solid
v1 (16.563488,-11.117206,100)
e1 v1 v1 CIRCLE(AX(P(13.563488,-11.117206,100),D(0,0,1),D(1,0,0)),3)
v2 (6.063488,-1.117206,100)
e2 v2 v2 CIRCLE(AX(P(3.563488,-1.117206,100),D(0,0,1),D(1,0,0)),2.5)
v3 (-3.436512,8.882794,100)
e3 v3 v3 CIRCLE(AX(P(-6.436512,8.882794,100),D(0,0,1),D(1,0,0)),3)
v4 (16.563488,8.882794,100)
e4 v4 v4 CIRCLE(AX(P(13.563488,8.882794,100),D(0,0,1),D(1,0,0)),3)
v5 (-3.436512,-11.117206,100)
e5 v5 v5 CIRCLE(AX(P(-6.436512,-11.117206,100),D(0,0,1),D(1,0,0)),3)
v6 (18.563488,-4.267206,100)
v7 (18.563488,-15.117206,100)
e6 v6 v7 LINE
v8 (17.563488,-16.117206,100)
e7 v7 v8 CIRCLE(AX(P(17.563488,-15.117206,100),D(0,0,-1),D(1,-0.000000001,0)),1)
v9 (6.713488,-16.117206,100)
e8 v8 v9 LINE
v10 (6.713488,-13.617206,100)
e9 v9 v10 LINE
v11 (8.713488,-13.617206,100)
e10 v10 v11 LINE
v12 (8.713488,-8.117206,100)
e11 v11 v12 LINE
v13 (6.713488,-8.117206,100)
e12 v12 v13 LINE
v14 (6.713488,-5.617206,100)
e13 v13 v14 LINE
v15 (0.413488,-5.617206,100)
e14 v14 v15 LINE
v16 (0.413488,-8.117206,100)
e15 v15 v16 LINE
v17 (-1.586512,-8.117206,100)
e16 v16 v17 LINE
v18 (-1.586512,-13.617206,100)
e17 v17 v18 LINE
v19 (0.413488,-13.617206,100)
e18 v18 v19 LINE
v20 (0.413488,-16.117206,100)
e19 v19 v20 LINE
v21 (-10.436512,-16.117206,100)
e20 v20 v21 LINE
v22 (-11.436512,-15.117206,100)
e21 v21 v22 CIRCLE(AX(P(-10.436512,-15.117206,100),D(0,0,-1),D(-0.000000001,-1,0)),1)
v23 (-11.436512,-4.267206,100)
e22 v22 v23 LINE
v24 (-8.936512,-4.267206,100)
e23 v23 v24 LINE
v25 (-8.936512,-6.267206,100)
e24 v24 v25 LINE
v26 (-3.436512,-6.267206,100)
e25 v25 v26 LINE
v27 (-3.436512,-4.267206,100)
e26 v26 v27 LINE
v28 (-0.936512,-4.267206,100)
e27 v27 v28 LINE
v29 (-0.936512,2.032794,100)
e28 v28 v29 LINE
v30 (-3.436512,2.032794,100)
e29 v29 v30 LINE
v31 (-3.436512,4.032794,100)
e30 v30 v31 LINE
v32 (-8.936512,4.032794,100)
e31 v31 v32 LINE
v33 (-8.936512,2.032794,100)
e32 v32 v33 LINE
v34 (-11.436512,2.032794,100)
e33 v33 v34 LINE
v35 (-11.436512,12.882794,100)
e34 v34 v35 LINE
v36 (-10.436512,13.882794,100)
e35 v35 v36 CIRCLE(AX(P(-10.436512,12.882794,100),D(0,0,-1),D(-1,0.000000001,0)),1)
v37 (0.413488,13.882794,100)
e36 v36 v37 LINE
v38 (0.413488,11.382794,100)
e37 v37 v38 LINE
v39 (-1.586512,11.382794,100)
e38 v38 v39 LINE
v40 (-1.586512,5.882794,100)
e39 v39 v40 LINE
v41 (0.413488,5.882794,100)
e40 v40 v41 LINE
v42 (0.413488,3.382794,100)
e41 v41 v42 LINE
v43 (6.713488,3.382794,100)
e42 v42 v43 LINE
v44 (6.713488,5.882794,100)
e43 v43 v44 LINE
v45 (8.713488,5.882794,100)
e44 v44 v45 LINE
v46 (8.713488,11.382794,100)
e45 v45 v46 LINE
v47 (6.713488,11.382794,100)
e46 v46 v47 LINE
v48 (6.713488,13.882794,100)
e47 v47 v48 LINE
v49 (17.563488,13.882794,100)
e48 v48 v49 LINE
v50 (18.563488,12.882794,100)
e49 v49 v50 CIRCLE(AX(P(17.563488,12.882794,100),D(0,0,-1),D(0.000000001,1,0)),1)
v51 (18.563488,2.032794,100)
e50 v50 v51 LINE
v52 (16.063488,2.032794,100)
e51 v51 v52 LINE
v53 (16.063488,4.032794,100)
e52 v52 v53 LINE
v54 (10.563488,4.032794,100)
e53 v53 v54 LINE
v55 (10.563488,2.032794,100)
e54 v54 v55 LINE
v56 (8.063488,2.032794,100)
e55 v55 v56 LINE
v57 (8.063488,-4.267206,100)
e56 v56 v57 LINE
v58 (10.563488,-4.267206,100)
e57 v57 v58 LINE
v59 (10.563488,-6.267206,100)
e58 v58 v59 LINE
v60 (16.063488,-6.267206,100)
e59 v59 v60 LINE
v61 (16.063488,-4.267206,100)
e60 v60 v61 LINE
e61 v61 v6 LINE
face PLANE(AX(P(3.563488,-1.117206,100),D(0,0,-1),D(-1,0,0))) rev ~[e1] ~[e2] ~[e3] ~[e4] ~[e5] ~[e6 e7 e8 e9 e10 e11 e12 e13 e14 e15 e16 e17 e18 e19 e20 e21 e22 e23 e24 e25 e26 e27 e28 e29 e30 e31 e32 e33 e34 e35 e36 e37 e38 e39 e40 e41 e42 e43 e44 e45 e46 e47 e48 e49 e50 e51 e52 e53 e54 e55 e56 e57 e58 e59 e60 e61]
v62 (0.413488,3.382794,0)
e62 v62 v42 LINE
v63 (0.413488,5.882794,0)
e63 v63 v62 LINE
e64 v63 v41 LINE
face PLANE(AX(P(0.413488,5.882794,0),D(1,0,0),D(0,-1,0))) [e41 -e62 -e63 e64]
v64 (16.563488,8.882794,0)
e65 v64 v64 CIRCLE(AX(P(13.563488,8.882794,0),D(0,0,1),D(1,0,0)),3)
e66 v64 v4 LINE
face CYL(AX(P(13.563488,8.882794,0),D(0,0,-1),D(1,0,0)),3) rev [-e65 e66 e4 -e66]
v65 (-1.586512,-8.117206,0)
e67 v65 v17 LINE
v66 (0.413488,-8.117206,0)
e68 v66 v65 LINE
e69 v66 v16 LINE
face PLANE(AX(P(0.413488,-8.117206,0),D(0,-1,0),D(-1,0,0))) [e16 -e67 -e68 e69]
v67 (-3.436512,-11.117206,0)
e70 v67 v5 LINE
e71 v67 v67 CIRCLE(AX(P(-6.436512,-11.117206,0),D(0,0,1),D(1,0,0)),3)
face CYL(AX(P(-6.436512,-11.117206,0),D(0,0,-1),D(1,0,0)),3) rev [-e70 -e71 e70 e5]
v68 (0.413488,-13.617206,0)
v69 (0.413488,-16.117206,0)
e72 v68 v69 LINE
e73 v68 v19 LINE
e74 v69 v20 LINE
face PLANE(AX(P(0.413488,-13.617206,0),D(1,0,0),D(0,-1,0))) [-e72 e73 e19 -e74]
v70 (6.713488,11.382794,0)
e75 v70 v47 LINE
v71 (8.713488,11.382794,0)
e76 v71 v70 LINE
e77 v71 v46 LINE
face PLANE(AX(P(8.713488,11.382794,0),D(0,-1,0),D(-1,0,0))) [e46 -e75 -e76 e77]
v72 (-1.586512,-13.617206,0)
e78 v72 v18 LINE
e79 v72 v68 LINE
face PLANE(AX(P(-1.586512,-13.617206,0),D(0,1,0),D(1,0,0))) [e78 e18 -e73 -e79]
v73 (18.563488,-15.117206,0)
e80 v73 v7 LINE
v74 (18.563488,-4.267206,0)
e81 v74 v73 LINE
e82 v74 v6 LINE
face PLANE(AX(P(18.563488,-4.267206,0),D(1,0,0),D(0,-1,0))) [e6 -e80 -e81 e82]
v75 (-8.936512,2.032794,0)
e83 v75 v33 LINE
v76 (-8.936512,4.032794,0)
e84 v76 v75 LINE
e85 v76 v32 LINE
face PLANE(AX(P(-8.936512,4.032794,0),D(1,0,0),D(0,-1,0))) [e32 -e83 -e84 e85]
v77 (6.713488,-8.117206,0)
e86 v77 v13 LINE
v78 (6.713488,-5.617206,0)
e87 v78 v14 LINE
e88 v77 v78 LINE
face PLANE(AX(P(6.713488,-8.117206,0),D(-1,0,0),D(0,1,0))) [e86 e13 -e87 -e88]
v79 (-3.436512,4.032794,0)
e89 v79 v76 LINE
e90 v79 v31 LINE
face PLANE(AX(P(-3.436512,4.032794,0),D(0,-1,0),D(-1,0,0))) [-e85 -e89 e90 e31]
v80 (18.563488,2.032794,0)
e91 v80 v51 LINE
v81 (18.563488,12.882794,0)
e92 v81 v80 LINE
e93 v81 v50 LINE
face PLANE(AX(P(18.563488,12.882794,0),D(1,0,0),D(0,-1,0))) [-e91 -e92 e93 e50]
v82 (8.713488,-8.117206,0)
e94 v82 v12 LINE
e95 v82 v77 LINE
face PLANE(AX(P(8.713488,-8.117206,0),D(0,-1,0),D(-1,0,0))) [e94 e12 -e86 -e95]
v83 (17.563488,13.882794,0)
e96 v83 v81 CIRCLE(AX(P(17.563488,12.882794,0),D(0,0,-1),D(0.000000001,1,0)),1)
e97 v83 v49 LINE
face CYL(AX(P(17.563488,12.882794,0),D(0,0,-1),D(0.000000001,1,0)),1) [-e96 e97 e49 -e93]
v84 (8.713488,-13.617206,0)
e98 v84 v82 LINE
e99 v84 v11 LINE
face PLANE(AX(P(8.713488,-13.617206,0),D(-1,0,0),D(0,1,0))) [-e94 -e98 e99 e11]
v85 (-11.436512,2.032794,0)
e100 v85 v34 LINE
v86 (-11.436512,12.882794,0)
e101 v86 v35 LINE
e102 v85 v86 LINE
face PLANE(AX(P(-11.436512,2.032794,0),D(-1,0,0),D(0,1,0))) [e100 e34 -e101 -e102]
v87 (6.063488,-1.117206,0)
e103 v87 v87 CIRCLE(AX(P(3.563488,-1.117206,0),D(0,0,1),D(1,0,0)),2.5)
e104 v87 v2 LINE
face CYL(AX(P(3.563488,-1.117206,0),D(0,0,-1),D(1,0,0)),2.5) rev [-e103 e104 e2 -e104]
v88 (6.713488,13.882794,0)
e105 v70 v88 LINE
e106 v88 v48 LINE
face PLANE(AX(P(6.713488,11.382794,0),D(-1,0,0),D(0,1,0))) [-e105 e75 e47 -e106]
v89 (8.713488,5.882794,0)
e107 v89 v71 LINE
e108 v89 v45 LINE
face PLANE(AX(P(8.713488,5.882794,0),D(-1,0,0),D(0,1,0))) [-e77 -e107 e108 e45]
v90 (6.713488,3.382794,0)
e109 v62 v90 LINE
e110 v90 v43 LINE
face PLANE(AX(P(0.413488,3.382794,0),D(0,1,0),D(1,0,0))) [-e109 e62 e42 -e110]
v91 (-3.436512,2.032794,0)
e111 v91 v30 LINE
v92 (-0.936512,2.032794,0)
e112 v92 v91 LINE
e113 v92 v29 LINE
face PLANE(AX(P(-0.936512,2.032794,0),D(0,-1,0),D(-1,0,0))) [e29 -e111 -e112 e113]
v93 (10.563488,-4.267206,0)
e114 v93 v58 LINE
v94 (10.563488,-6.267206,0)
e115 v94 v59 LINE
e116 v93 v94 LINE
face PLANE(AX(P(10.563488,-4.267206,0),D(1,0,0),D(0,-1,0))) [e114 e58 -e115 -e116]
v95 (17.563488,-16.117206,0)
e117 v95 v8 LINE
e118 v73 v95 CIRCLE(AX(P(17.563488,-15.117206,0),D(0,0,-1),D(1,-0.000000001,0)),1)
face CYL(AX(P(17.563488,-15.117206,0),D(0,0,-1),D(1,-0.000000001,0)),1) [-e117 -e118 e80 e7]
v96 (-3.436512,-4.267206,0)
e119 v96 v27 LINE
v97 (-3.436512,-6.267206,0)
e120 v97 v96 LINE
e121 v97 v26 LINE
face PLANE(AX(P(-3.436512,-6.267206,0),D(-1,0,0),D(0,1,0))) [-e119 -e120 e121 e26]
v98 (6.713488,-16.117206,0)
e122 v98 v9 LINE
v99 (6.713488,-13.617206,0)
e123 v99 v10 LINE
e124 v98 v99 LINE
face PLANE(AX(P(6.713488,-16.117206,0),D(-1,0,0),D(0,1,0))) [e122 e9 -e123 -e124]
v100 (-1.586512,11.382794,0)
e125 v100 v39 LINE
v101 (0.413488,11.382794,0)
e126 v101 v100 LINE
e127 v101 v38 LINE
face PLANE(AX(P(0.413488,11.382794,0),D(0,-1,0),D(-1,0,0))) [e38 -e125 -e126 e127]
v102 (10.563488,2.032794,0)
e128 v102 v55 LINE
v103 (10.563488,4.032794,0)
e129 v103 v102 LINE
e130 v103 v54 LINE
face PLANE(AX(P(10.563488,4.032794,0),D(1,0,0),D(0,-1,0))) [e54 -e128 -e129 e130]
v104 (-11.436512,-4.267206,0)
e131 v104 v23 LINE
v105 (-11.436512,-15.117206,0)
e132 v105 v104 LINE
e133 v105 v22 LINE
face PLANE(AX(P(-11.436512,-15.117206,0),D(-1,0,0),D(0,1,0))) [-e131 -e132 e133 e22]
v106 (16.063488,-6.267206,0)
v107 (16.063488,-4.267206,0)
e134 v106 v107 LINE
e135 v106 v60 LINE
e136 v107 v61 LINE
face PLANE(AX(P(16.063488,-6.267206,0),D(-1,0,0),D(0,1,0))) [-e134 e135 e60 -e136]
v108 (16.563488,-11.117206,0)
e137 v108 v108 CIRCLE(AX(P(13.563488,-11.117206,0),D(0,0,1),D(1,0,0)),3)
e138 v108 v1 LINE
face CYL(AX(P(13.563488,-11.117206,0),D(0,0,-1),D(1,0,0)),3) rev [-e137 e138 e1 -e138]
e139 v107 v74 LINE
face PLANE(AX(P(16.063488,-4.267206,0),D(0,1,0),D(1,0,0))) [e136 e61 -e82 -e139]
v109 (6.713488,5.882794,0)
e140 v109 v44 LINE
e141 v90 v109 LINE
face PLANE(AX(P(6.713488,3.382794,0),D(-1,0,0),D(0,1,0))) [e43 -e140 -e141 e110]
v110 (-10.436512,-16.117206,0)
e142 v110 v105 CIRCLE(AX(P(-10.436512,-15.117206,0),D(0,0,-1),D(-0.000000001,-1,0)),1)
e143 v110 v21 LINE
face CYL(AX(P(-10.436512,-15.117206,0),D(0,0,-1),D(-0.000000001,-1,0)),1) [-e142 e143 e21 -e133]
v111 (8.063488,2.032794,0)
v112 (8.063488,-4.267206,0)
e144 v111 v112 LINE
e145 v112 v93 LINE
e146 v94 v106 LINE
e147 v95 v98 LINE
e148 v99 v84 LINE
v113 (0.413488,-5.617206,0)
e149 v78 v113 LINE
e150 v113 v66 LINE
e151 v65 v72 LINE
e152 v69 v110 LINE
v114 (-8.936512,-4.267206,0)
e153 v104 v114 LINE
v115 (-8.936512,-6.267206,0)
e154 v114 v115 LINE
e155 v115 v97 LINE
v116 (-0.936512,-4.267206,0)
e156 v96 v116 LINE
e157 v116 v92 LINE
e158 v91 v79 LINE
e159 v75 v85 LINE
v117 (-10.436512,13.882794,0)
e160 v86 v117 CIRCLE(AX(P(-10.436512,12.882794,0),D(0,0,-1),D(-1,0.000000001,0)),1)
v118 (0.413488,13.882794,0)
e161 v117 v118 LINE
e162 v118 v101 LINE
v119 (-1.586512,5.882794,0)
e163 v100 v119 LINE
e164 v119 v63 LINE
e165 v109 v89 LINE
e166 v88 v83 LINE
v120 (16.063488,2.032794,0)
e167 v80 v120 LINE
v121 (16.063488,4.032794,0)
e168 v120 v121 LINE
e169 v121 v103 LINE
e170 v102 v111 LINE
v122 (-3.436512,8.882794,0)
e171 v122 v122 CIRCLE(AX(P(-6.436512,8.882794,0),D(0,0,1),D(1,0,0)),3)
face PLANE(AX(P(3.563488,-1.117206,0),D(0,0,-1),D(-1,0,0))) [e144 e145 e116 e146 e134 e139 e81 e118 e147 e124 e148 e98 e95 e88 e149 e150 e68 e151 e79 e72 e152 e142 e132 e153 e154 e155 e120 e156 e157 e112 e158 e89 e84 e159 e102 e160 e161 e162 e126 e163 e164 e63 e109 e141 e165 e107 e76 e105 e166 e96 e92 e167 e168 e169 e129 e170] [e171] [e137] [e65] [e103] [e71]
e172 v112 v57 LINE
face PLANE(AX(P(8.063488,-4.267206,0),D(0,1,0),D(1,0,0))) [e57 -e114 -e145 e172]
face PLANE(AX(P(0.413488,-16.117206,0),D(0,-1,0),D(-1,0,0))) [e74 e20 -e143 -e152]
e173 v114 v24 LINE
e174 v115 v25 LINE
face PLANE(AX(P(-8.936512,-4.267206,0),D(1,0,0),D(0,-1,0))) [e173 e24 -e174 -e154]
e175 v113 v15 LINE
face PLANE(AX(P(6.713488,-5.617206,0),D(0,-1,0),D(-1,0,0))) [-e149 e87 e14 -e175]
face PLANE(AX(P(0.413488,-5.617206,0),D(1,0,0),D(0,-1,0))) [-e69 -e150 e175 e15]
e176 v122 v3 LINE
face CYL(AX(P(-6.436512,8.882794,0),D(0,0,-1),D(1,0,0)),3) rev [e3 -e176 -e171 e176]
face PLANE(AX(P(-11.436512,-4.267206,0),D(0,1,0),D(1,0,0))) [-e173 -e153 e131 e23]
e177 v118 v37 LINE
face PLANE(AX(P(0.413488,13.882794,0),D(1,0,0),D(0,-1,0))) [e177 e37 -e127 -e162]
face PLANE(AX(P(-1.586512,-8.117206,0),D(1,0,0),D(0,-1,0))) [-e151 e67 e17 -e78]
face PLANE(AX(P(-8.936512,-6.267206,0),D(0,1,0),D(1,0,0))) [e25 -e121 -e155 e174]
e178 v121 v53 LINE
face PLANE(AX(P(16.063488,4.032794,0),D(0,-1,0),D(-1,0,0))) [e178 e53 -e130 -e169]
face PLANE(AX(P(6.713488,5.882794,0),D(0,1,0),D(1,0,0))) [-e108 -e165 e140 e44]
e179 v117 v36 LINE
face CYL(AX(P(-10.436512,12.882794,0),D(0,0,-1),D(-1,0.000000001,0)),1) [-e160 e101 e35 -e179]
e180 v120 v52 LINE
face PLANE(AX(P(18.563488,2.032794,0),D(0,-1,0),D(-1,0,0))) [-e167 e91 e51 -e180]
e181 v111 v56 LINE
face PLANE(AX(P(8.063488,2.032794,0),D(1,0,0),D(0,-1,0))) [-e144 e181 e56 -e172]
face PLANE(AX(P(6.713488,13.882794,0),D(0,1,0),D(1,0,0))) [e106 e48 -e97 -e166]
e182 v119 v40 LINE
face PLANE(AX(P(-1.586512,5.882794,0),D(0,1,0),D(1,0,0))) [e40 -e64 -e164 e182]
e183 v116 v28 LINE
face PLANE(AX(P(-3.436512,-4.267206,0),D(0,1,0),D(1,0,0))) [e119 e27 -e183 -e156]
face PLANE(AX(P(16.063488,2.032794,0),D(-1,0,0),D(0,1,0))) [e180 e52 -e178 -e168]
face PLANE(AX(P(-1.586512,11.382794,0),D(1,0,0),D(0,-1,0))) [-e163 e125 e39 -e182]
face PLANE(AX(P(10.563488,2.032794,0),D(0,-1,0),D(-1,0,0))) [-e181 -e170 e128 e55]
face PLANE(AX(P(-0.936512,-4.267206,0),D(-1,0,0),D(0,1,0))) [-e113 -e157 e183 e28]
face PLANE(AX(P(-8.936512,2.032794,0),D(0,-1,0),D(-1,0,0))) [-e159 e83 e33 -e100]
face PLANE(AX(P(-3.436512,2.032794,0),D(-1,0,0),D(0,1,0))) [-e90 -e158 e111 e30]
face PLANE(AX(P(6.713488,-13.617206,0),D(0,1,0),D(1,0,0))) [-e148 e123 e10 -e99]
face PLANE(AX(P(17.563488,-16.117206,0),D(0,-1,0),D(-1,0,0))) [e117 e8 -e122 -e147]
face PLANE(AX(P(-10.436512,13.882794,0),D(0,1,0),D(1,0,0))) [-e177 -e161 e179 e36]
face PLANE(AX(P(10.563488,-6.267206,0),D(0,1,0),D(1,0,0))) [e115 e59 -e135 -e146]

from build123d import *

# Parameters (mm, degrees)
SKETCH_1_R      = 3
SKETCH_1_R_2    = 2.5
EXTRUDE_1_DEPTH = 100


with BuildPart() as part:
    # 草图1 → 凸台-拉伸1 (new body)
    with BuildSketch(Plane.XY):
        with BuildLine():
            Line((-11.436512183, -15.117205795), (-11.436512183, -4.267205795))
            Line((-11.436512183, -4.267205795), (-8.936512183, -4.267205795))
            Line((-8.936512183, -4.267205795), (-8.936512183, -6.267205795))
            Line((-8.936512183, -6.267205795), (-3.436512183, -6.267205795))
            Line((-3.436512183, -6.267205795), (-3.436512183, -4.267205795))
            Line((-3.436512183, -4.267205795), (-0.936512183, -4.267205795))
            Line((-0.936512183, -4.267205795), (-0.936512183, 2.032794205))
            Line((-0.936512183, 2.032794205), (-3.436512183, 2.032794205))
            Line((-3.436512183, 2.032794205), (-3.436512183, 4.032794205))
            Line((-3.436512183, 4.032794205), (-8.936512183, 4.032794205))
            Line((-8.936512183, 4.032794205), (-8.936512183, 2.032794205))
            Line((-8.936512183, 2.032794205), (-11.436512183, 2.032794205))
            Line((-11.436512183, 2.032794205), (-11.436512183, 12.882794205))
            ThreePointArc((-11.436512183, 12.882794205), (-11.143618964, 13.589900986), (-10.436512183, 13.882794205))
            Line((-10.436512183, 13.882794205), (0.413487817, 13.882794205))
            Line((0.413487817, 13.882794205), (0.413487817, 11.382794205))
            Line((0.413487817, 11.382794205), (-1.586512183, 11.382794205))
            Line((-1.586512183, 11.382794205), (-1.586512183, 5.882794205))
            Line((-1.586512183, 5.882794205), (0.413487817, 5.882794205))
            Line((0.413487817, 5.882794205), (0.413487817, 3.382794205))
            Line((0.413487817, 3.382794205), (6.713487817, 3.382794205))
            Line((6.713487817, 3.382794205), (6.713487817, 5.882794205))
            Line((6.713487817, 5.882794205), (8.713487817, 5.882794205))
            Line((8.713487817, 5.882794205), (8.713487817, 11.382794205))
            Line((8.713487817, 11.382794205), (6.713487817, 11.382794205))
            Line((6.713487817, 11.382794205), (6.713487817, 13.882794205))
            Line((6.713487817, 13.882794205), (17.563487817, 13.882794205))
            ThreePointArc((17.563487817, 13.882794205), (18.270594598, 13.589900986), (18.563487817, 12.882794205))
            Line((18.563487817, 12.882794205), (18.563487817, 2.032794205))
            Line((18.563487817, 2.032794205), (16.063487817, 2.032794205))
            Line((16.063487817, 2.032794205), (16.063487817, 4.032794205))
            Line((16.063487817, 4.032794205), (10.563487817, 4.032794205))
            Line((10.563487817, 4.032794205), (10.563487817, 2.032794205))
            Line((10.563487817, 2.032794205), (8.063487817, 2.032794205))
            Line((8.063487817, 2.032794205), (8.063487817, -4.267205795))
            Line((8.063487817, -4.267205795), (10.563487817, -4.267205795))
            Line((10.563487817, -4.267205795), (10.563487817, -6.267205795))
            Line((10.563487817, -6.267205795), (16.063487817, -6.267205795))
            Line((16.063487817, -6.267205795), (16.063487817, -4.267205795))
            Line((16.063487817, -4.267205795), (18.563487817, -4.267205795))
            Line((18.563487817, -4.267205795), (18.563487817, -15.117205795))
            ThreePointArc((18.563487817, -15.117205795), (18.270594598, -15.824312576), (17.563487817, -16.117205795))
            Line((17.563487817, -16.117205795), (6.713487817, -16.117205795))
            Line((6.713487817, -16.117205795), (6.713487817, -13.617205795))
            Line((6.713487817, -13.617205795), (8.713487817, -13.617205795))
            Line((8.713487817, -13.617205795), (8.713487817, -8.117205795))
            Line((8.713487817, -8.117205795), (6.713487817, -8.117205795))
            Line((6.713487817, -8.117205795), (6.713487817, -5.617205795))
            Line((6.713487817, -5.617205795), (0.413487817, -5.617205795))
            Line((0.413487817, -5.617205795), (0.413487817, -8.117205795))
            Line((0.413487817, -8.117205795), (-1.586512183, -8.117205795))
            Line((-1.586512183, -8.117205795), (-1.586512183, -13.617205795))
            Line((-1.586512183, -13.617205795), (0.413487817, -13.617205795))
            Line((0.413487817, -13.617205795), (0.413487817, -16.117205795))
            Line((0.413487817, -16.117205795), (-10.436512183, -16.117205795))
            ThreePointArc((-10.436512183, -16.117205795), (-11.143618964, -15.824312576), (-11.436512183, -15.117205795))
        make_face()
        with Locations((-6.436512183, 8.882794205)):
            Circle(SKETCH_1_R, mode=Mode.SUBTRACT)
        with Locations((-6.436512183, -11.117205795)):
            Circle(SKETCH_1_R, mode=Mode.SUBTRACT)
        with Locations((13.563487817, -11.117205795)):
            Circle(SKETCH_1_R, mode=Mode.SUBTRACT)
        with Locations((13.563487817, 8.882794205)):
            Circle(SKETCH_1_R, mode=Mode.SUBTRACT)
        with Locations((3.563487817, -1.117205795)):
            Circle(SKETCH_1_R_2, mode=Mode.SUBTRACT)
    extrude(amount=EXTRUDE_1_DEPTH)


solid = part.part
